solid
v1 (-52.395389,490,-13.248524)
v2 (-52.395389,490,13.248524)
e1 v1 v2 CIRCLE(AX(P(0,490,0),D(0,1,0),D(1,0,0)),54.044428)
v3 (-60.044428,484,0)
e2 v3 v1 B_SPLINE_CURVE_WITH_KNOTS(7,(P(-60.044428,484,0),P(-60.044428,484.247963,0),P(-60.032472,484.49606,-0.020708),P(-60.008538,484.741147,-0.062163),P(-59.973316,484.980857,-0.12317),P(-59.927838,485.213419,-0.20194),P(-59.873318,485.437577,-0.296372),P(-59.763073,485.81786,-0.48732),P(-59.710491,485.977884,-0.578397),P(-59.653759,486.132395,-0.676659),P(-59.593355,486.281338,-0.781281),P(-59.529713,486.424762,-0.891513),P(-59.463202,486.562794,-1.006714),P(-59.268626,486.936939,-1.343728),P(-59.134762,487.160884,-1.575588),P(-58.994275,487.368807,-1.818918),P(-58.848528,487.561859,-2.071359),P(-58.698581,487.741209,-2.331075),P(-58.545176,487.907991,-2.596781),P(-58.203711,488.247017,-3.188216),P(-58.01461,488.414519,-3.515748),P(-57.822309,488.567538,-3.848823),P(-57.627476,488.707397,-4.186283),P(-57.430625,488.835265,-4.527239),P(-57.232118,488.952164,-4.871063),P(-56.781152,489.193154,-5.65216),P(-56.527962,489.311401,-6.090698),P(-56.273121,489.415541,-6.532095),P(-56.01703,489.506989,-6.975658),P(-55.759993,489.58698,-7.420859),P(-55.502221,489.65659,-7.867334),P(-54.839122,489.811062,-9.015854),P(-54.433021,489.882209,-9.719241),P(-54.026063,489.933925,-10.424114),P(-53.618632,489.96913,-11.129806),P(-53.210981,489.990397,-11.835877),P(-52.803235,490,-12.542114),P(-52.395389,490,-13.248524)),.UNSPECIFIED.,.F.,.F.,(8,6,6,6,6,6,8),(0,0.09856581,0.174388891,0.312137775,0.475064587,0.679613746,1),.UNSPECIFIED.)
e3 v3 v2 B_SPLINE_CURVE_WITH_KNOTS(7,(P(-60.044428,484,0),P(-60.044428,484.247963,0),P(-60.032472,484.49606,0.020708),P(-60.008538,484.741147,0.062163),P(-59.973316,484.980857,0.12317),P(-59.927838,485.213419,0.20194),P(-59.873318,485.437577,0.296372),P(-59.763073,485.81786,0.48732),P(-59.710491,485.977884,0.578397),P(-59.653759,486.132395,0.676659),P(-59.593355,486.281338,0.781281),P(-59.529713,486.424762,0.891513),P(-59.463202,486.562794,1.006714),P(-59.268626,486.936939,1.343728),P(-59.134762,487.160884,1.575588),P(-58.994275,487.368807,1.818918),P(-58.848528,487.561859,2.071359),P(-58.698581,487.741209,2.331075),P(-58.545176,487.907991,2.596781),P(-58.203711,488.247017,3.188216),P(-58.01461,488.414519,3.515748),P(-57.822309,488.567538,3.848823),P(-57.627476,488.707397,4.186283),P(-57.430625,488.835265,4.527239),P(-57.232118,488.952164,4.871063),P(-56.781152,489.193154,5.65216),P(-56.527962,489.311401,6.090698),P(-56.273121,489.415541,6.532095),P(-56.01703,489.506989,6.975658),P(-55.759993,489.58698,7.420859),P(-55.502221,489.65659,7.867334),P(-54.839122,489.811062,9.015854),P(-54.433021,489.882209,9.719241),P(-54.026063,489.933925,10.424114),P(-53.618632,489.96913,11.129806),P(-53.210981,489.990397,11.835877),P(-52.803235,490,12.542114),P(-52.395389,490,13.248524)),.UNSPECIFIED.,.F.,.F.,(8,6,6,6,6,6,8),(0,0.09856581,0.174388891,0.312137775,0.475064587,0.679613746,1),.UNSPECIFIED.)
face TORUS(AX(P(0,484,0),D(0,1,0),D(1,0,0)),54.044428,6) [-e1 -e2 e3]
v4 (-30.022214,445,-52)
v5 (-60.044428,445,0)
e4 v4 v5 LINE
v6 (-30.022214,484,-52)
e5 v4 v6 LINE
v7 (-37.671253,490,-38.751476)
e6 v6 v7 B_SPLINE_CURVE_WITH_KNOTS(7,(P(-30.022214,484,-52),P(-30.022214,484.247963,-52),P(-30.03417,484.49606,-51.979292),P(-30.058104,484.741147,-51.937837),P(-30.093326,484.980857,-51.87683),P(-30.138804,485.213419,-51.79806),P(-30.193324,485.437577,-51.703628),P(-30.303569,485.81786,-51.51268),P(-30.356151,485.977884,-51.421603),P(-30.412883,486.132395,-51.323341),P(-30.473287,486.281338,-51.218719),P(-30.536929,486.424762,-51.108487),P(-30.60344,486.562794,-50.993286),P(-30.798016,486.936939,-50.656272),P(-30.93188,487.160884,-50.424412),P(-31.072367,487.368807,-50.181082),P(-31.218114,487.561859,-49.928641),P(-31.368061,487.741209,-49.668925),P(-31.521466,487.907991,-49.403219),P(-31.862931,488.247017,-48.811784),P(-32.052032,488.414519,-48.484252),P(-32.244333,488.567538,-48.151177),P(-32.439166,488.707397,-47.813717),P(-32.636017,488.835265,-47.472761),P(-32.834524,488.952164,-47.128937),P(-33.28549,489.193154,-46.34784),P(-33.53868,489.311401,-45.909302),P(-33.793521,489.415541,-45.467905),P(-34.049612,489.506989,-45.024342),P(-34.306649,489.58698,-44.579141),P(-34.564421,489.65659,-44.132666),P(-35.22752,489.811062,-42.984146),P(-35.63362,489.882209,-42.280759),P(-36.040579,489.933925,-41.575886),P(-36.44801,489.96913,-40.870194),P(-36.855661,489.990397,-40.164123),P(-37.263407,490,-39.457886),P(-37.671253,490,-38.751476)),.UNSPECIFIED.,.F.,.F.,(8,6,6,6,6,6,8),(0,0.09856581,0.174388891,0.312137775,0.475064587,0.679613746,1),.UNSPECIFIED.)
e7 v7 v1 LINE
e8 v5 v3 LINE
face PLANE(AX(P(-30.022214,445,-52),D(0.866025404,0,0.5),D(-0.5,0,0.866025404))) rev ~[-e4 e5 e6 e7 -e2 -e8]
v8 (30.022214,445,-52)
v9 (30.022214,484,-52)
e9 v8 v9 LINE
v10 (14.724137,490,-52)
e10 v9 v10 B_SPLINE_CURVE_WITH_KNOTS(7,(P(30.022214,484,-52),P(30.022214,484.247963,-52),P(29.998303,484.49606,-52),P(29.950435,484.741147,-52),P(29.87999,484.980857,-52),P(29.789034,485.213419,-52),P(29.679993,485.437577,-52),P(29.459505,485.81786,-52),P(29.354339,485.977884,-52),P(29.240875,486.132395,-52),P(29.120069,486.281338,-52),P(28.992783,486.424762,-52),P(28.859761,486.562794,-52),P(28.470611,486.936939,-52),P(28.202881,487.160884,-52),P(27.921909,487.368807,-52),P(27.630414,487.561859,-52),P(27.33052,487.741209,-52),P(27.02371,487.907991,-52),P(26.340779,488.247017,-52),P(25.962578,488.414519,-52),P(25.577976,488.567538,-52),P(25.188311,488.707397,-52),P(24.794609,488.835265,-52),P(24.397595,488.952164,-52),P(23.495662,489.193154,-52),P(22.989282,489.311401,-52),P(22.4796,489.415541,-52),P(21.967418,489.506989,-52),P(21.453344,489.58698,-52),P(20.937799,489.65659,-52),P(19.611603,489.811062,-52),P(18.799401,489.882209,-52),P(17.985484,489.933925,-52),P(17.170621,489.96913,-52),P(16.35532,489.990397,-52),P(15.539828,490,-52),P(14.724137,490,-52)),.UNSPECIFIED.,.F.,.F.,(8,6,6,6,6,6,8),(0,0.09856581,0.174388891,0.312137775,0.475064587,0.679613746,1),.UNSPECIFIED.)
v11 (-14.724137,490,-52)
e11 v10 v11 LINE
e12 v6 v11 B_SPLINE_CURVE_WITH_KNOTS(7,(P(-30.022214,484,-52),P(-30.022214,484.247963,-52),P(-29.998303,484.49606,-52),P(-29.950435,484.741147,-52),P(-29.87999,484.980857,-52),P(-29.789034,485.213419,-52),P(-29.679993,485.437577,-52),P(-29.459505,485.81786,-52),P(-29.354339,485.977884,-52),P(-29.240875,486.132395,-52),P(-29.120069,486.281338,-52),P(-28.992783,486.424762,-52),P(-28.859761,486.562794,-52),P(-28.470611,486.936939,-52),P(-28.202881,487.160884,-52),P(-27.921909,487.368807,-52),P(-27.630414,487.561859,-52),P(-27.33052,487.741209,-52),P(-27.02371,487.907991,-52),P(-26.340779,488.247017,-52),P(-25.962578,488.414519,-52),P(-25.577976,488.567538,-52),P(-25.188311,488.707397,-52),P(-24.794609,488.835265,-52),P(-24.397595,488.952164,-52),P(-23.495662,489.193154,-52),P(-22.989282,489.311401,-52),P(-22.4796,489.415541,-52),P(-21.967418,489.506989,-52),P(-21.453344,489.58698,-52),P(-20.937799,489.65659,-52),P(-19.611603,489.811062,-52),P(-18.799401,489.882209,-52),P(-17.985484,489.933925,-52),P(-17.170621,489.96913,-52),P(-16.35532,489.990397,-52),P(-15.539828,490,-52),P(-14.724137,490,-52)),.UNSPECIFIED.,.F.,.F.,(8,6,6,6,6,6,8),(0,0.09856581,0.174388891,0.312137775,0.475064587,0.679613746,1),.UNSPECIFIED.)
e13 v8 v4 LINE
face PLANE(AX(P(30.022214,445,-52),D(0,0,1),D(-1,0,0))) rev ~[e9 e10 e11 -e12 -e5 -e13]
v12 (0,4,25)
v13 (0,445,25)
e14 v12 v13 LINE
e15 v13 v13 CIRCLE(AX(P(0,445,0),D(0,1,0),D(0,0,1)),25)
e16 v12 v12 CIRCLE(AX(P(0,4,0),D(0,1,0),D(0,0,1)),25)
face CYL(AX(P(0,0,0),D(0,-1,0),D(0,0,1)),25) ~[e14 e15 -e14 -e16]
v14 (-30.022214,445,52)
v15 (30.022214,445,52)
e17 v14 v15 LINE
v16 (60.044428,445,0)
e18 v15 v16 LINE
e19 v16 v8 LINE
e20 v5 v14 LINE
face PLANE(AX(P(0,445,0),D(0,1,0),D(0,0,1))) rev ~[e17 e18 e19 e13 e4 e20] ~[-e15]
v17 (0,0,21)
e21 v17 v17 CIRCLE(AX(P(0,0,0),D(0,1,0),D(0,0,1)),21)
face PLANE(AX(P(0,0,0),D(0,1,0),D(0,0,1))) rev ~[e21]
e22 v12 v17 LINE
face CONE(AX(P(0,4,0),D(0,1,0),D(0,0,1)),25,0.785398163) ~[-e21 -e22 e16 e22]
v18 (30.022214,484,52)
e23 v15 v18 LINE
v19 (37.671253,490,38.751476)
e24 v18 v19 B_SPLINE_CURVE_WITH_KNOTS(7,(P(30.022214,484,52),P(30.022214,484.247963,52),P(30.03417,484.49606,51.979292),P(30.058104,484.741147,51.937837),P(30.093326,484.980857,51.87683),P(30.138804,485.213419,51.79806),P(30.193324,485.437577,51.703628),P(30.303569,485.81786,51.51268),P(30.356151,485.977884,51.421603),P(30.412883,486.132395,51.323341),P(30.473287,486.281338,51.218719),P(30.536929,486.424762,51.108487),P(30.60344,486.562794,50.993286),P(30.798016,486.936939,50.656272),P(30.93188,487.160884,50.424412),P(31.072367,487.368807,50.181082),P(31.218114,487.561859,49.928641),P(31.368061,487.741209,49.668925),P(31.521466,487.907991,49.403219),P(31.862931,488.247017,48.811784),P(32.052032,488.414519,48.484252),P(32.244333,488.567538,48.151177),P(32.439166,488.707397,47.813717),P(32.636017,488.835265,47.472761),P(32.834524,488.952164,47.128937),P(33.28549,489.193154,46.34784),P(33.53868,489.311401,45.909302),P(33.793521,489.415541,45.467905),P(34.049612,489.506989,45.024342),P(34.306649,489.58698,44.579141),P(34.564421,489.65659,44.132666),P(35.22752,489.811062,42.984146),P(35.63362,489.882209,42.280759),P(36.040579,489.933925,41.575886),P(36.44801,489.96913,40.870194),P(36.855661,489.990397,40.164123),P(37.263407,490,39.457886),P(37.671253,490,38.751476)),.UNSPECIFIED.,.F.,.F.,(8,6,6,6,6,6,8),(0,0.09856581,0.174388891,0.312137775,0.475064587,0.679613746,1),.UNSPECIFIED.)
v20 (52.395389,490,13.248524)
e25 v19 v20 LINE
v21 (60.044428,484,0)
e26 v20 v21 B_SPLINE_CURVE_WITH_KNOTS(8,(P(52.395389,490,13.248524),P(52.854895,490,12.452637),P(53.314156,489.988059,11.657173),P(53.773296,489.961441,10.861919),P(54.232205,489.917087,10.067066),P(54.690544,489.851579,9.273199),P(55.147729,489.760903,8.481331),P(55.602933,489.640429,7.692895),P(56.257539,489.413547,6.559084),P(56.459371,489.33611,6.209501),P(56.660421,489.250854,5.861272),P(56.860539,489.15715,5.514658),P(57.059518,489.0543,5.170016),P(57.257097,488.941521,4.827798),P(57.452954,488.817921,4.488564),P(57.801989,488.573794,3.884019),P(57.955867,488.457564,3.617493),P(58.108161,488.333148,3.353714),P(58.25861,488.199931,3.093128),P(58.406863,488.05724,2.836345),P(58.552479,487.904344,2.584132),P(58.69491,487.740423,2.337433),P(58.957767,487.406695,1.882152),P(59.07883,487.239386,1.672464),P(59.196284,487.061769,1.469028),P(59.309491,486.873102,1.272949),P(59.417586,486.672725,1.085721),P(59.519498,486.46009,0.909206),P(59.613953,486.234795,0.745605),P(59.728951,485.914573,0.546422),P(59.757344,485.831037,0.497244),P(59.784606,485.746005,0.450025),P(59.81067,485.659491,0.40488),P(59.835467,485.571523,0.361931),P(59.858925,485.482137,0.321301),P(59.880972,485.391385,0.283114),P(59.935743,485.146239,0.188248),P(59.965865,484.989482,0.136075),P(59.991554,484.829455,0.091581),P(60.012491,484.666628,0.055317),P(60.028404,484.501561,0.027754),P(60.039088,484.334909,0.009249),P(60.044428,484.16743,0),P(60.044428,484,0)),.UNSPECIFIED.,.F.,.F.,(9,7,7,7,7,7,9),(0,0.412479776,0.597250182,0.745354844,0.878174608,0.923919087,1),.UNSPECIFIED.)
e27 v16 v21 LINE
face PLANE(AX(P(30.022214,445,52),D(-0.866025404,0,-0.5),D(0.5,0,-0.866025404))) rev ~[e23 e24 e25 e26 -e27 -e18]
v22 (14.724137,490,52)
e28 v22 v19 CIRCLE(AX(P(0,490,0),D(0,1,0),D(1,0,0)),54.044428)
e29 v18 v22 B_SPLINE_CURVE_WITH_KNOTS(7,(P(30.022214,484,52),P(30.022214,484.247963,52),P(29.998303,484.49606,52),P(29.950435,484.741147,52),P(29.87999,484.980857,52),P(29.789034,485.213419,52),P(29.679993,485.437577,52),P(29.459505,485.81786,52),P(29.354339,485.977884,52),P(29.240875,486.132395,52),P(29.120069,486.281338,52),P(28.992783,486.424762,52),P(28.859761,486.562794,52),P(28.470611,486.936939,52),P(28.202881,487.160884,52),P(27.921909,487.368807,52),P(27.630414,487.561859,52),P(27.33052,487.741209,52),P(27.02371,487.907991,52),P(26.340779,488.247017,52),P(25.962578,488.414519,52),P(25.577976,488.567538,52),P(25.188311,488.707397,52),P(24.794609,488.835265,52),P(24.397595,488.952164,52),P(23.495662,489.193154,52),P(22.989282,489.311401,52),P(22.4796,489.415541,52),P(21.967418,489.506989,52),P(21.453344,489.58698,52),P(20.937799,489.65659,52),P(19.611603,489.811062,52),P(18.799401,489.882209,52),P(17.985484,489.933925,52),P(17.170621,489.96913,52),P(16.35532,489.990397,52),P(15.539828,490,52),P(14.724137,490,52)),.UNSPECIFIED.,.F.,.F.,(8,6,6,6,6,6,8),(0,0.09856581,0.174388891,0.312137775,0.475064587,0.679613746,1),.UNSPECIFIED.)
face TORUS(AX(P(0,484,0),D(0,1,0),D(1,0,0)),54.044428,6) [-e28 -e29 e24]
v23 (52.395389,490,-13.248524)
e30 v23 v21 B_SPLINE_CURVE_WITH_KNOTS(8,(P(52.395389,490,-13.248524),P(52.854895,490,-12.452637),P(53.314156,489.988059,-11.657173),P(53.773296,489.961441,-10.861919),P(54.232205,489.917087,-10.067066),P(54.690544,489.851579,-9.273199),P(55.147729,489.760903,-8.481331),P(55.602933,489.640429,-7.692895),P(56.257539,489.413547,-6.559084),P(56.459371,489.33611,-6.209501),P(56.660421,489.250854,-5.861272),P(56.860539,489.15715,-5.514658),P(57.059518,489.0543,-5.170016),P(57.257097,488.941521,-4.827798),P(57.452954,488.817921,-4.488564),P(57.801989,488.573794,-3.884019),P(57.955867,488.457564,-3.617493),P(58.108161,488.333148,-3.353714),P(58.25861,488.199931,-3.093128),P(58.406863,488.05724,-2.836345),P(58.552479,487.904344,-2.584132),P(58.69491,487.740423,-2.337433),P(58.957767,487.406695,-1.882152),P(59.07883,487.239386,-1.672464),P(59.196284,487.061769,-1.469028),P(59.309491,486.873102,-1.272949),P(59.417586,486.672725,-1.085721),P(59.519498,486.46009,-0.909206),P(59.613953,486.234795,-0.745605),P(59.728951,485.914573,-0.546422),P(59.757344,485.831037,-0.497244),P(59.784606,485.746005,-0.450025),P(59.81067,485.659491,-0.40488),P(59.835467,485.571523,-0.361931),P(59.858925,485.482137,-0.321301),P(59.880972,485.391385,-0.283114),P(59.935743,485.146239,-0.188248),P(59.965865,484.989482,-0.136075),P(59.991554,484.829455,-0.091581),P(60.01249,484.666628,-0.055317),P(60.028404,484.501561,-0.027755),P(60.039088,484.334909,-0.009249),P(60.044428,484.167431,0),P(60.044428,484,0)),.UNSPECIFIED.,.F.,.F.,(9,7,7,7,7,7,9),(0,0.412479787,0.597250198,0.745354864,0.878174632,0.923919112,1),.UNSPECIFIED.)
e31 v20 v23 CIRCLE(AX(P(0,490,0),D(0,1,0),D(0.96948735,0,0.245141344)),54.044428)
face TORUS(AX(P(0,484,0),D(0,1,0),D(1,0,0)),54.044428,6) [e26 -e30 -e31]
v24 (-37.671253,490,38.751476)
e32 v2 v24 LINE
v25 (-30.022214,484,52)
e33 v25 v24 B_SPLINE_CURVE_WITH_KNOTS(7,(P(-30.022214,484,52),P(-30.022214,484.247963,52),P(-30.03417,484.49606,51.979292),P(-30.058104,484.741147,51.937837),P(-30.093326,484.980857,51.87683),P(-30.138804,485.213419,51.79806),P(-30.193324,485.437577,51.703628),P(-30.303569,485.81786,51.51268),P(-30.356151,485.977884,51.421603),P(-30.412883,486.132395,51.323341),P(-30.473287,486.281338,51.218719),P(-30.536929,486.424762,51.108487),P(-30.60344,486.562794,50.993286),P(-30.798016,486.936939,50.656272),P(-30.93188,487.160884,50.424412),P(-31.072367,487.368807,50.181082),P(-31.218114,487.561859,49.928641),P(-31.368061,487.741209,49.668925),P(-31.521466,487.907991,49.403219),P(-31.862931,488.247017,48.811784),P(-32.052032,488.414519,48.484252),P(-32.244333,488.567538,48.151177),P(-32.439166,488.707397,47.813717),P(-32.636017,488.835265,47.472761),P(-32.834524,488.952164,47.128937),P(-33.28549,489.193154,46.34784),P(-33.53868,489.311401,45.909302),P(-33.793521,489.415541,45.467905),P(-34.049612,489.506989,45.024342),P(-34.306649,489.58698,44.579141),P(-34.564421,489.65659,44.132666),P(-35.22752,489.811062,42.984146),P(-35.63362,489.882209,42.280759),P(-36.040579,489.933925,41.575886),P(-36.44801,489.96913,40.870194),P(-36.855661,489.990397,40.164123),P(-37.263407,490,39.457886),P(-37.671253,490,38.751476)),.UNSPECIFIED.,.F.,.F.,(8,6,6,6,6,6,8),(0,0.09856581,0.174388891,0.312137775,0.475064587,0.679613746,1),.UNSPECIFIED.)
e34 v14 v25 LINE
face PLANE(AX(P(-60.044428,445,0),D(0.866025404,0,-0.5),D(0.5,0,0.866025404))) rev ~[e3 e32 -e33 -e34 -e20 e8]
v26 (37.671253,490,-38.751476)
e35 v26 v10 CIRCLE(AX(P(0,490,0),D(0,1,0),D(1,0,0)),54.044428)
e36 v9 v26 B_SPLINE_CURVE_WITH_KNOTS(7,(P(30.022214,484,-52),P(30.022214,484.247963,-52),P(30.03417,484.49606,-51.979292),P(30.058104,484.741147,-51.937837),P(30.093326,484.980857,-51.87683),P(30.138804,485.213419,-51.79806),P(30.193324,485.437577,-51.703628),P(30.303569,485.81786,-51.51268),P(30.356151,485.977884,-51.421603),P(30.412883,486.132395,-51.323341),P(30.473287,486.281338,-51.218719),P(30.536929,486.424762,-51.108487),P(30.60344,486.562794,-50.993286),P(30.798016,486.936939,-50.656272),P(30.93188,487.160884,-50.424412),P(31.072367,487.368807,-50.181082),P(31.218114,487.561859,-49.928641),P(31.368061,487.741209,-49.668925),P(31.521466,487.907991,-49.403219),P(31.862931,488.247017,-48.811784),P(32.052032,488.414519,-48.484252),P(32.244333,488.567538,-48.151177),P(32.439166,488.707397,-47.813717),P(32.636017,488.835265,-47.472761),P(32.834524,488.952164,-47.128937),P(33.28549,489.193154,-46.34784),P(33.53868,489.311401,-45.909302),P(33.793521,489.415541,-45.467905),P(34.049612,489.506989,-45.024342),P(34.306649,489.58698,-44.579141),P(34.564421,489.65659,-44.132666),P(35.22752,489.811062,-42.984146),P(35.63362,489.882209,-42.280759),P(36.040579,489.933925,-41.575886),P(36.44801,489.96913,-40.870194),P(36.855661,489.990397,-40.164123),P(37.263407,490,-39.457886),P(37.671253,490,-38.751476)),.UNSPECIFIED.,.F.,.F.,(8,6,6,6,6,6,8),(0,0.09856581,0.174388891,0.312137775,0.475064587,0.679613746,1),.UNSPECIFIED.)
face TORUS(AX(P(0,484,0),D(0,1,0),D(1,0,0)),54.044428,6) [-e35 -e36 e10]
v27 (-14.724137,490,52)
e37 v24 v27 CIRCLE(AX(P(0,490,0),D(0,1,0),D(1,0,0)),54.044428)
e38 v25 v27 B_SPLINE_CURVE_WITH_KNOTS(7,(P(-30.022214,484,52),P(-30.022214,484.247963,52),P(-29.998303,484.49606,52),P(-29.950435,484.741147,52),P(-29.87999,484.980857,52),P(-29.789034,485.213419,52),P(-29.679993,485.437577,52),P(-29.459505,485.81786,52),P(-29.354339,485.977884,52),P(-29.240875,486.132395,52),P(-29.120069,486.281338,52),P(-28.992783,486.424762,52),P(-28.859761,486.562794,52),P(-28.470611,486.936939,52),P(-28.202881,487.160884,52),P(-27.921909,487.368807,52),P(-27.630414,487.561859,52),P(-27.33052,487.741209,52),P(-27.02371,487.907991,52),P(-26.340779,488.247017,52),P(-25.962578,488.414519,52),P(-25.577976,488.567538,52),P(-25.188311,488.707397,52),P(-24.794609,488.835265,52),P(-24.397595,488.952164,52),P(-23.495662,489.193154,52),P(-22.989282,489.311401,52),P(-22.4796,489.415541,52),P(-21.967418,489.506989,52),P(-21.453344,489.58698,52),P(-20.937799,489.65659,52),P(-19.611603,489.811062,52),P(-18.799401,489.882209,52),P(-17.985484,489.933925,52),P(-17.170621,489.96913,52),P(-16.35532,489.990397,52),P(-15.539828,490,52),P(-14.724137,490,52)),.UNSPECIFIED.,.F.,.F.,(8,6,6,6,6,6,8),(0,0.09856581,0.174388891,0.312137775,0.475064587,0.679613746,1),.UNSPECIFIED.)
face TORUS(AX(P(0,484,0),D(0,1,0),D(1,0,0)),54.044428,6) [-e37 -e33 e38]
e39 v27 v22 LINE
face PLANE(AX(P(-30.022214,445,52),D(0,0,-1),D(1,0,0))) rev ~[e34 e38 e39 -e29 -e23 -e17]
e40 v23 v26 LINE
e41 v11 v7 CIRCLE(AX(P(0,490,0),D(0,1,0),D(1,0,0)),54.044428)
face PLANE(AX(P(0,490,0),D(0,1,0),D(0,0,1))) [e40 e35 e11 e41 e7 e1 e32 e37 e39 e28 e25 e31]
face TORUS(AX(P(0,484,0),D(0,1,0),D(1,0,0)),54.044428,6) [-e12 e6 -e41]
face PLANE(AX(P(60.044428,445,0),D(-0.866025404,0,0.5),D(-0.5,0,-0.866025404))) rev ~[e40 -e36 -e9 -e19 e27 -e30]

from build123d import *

# Parameters (mm, degrees)
SKETCH1_R           = 25
BOSS_EXTRUDE1_DEPTH = 445
SKETCH2_R           = 25
BOSS_EXTRUDE2_DEPTH = 45
CHAMFER1_SIZE       = 4


with BuildPart() as part:
    # Sketch1 → Boss-Extrude1 (new body)
    with BuildSketch(Plane(origin=(0, 0, 0), x_dir=(1, 0, 0), z_dir=(0, 1, 0))):
        with Locations(Location((0, 0, 0), (0, 0, 270))):
            Circle(SKETCH1_R)
    extrude(amount=BOSS_EXTRUDE1_DEPTH)

    # Sketch2 → Boss-Extrude2 (add)
    with BuildSketch(Plane(origin=(0, 445, 0), x_dir=(1, 0, 0), z_dir=(0, 1, 0))):
        with Locations(Location((0, 0, 0), (0, 0, 270))):
            Circle(SKETCH2_R)
        Polygon((-30.022213998, -52), (30.022213998, -52), (60.044427996, 0), (-60.044427996, 0), align=None)
        with BuildLine():
            ThreePointArc((-25, 0), (0, -25), (25, 0))
            Line((25, 0), (-25, 0))
        make_face()
        with BuildLine():
            Line((-25, 0), (25, 0))
            ThreePointArc((25, 0), (0, 25), (-25, 0))
        make_face()
        Polygon((-60.044427996, 0), (60.044427996, 0), (30.022213998, 52), (-30.022213998, 52), align=None)
    extrude(amount=BOSS_EXTRUDE2_DEPTH)

    # Chamfer1
    chamfer1_edges = [part.edges().sort_by_distance(p)[0] for p in [
        (0, 0, -25),
    ]]
    chamfer(chamfer1_edges, length=CHAMFER1_SIZE)

    # Sketch4 → Cut-Revolve1 (revolve, cut)
    with BuildSketch(Plane.XY):
        with BuildLine():
            Line((54.044427996, 490), (54.044427996, 495.946588309))
            Line((54.044427996, 495.946588309), (66.888539308, 495.946588309))
            Line((66.888539308, 495.946588309), (66.888539308, 484))
            Line((66.888539308, 484), (60.044427996, 484))
            ThreePointArc((60.044427996, 484), (58.287068683, 488.242640687), (54.044427996, 490))
        make_face()
    revolve(axis=Axis((0, 0, 0), (0, 1, 0)), mode=Mode.SUBTRACT)


solid = part.part
